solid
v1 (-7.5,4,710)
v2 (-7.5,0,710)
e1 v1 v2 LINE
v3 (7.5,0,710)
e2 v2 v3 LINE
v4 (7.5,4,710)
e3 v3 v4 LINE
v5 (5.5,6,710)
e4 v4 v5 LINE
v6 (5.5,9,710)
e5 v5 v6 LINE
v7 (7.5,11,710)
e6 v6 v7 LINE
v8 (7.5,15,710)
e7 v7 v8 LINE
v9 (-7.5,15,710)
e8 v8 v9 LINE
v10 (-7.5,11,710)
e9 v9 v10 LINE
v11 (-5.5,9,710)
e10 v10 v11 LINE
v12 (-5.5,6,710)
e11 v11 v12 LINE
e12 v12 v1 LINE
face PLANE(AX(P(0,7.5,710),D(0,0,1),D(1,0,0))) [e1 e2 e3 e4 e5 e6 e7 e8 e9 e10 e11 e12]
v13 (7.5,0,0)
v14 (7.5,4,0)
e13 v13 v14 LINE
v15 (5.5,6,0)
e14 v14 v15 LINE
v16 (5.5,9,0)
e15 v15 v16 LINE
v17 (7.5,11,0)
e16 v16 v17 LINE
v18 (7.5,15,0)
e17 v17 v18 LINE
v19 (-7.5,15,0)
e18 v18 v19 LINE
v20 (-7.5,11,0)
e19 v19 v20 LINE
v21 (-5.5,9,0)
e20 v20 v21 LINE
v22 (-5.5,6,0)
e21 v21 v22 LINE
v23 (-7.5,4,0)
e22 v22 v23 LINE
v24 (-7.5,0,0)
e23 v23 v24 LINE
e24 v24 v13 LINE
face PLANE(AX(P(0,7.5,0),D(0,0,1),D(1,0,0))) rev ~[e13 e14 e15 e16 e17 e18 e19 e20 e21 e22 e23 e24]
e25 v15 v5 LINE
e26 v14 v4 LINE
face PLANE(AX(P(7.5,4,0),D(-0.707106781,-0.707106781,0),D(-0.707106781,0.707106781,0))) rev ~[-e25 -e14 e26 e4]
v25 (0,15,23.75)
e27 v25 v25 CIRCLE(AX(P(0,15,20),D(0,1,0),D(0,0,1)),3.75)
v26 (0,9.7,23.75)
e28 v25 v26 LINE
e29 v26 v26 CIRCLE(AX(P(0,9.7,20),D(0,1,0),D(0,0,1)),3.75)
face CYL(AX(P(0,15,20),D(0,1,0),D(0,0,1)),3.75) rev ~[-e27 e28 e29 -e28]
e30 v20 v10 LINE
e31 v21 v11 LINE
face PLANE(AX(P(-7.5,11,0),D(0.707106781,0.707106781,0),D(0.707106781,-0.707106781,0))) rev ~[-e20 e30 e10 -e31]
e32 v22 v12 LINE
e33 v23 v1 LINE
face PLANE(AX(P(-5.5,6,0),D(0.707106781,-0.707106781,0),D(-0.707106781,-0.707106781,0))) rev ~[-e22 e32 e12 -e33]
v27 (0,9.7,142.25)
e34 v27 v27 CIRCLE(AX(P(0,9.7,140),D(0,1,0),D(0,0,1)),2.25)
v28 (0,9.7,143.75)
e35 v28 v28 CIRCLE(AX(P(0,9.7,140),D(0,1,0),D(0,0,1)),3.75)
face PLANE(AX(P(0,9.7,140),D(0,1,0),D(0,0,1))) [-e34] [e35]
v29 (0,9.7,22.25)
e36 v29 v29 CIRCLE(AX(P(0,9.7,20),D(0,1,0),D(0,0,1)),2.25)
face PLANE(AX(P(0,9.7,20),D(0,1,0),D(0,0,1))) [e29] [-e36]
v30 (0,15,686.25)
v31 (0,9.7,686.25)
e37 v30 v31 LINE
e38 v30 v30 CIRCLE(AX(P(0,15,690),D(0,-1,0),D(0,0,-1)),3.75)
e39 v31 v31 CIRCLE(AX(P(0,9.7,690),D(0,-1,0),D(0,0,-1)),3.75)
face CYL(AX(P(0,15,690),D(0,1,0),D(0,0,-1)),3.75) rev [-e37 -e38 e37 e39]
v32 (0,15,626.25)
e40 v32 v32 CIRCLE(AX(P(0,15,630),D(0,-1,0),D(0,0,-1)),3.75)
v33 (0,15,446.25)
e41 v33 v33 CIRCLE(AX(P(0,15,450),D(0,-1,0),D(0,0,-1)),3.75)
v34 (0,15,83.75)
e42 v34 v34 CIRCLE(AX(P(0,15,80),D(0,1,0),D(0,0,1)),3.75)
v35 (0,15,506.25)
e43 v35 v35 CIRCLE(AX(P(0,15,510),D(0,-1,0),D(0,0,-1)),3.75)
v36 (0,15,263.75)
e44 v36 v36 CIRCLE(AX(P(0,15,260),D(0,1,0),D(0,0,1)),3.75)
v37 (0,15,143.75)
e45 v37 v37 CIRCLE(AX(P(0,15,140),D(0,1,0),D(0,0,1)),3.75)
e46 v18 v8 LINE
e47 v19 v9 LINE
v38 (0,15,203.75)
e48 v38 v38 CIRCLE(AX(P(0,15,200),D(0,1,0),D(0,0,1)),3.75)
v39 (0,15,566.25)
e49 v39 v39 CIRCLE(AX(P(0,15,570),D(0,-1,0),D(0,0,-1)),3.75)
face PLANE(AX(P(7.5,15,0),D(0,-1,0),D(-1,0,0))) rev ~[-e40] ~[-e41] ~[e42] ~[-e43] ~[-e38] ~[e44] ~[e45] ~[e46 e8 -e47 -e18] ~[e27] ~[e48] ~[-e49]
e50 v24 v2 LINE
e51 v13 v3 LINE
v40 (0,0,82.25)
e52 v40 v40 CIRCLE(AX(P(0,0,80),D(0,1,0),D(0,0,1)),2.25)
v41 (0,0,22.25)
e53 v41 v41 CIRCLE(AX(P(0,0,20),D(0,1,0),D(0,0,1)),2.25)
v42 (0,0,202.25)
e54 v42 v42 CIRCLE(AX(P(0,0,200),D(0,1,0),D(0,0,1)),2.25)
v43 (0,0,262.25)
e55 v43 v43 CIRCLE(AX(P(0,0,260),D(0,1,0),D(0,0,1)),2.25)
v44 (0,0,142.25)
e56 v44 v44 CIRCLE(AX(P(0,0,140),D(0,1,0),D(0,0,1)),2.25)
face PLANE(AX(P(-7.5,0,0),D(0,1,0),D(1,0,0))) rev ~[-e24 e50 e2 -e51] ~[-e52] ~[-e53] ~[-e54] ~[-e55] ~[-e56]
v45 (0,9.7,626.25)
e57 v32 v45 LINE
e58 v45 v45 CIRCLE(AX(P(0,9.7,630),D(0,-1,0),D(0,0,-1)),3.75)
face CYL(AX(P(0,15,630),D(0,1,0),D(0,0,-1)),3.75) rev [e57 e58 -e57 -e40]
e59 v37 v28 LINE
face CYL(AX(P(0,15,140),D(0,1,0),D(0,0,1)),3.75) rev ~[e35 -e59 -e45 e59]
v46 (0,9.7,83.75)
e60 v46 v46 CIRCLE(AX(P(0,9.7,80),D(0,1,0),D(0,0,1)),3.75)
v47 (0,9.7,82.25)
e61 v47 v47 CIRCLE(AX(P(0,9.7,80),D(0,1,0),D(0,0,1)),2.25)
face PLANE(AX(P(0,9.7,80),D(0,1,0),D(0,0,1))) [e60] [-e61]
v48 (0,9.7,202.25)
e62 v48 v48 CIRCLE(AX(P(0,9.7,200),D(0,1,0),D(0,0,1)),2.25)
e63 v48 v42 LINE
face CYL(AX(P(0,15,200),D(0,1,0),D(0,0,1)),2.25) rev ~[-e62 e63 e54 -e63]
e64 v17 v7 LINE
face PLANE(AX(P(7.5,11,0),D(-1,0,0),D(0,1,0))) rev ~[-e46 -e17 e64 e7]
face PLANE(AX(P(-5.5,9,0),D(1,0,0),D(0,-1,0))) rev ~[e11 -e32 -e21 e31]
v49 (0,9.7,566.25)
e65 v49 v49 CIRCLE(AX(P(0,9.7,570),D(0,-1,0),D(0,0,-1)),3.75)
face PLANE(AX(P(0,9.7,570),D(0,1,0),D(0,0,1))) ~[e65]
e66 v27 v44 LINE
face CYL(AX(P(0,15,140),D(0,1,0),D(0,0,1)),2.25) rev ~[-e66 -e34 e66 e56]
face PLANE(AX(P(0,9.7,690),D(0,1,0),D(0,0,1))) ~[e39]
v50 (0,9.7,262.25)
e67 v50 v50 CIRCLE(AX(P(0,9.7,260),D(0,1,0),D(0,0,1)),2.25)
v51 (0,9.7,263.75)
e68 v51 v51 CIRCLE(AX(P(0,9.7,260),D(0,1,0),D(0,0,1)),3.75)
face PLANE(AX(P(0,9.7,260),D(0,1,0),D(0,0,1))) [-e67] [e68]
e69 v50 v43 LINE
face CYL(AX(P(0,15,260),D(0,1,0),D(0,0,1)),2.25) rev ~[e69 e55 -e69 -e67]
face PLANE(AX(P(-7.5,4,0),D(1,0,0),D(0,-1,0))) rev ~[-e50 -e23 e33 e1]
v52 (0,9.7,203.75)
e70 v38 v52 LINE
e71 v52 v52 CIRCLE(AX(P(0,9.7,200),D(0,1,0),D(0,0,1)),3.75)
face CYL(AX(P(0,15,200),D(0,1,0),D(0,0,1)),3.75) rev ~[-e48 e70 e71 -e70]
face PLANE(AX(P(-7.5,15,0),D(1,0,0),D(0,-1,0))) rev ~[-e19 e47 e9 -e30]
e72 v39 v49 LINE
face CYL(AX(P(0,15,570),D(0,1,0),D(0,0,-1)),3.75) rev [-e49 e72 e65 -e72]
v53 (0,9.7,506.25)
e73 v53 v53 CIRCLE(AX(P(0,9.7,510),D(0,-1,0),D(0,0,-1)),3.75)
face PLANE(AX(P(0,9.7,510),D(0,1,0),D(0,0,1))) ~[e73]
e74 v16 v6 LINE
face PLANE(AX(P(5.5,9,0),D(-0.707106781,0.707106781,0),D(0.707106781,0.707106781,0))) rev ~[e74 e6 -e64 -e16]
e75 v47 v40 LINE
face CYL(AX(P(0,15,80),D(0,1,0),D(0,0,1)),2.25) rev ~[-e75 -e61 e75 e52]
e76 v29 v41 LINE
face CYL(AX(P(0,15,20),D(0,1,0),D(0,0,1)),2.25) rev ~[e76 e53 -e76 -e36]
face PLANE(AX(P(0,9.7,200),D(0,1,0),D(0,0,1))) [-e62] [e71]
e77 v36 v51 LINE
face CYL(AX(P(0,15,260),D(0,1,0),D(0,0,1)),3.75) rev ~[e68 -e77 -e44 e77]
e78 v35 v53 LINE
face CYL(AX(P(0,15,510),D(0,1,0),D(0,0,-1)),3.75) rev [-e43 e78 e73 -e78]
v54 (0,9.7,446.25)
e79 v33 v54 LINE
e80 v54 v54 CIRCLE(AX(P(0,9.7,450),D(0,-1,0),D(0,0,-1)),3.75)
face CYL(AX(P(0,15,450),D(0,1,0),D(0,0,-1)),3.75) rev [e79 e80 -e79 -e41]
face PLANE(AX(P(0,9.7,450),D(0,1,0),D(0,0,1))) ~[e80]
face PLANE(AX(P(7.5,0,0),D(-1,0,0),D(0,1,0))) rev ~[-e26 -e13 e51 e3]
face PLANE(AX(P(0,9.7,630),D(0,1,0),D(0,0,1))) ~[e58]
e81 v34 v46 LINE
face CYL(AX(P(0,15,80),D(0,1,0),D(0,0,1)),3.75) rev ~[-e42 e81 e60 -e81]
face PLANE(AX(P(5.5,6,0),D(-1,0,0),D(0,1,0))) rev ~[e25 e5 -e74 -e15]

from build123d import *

# Parameters (mm, degrees)
BOSS_EXTRUDE1_DEPTH = 710
SKETCH2_R           = 3.75
CUT_EXTRUDE1_DEPTH  = 5.3
SKETCH3_R           = 2.25
CUT_EXTRUDE2_DEPTH  = 711.198035762


with BuildPart() as part:
    # Sketch1 → Boss-Extrude1 (new body)
    with BuildSketch(Plane.XY):
        Polygon((-7.5, 0), (7.5, 0), (7.5, 4), (5.5, 6), (5.5, 9), (7.5, 11), (7.5, 15), (-7.5, 15), (-7.5, 11), (-5.5, 9), (-5.5, 6), (-7.5, 4), align=None)
    extrude(amount=BOSS_EXTRUDE1_DEPTH)

    # Sketch2 → Cut-Extrude1 (cut)
    with BuildSketch(Plane(origin=(0, 15, 0), x_dir=(1, 0, 0), z_dir=(0, 1, 0))):
        with Locations(Location((0, -20, 0), (0, 0, 270))):
            Circle(SKETCH2_R)
        with Locations(Location((0, -80, 0), (0, 0, 270))):
            Circle(SKETCH2_R)
        with Locations(Location((0, -140, 0), (0, 0, 270))):
            Circle(SKETCH2_R)
        with Locations(Location((0, -200, 0), (0, 0, 270))):
            Circle(SKETCH2_R)
        with Locations(Location((0, -260, 0), (0, 0, 270))):
            Circle(SKETCH2_R)
    cut_extrude1 = extrude(amount=-CUT_EXTRUDE1_DEPTH, mode=Mode.SUBTRACT)

    # Sketch3 → Cut-Extrude2 (cut, through all)
    with BuildSketch(Plane(origin=(0, 15, 0), x_dir=(1, 0, 0), z_dir=(0, 1, 0))):
        with Locations(Location((0, -20, 0), (0, 0, 270))):
            Circle(SKETCH3_R)
        with Locations(Location((0, -80, 0), (0, 0, 270))):
            Circle(SKETCH3_R)
        with Locations(Location((0, -140, 0), (0, 0, 270))):
            Circle(SKETCH3_R)
        with Locations(Location((0, -200, 0), (0, 0, 270))):
            Circle(SKETCH3_R)
        with Locations(Location((0, -260, 0), (0, 0, 270))):
            Circle(SKETCH3_R)
    extrude(amount=-CUT_EXTRUDE2_DEPTH, mode=Mode.SUBTRACT)

    # 镜向1: Cut-Extrude1 across plane
    add(cut_extrude1.mirror(Plane.XY.offset(355)), mode=Mode.SUBTRACT)


solid = part.part
